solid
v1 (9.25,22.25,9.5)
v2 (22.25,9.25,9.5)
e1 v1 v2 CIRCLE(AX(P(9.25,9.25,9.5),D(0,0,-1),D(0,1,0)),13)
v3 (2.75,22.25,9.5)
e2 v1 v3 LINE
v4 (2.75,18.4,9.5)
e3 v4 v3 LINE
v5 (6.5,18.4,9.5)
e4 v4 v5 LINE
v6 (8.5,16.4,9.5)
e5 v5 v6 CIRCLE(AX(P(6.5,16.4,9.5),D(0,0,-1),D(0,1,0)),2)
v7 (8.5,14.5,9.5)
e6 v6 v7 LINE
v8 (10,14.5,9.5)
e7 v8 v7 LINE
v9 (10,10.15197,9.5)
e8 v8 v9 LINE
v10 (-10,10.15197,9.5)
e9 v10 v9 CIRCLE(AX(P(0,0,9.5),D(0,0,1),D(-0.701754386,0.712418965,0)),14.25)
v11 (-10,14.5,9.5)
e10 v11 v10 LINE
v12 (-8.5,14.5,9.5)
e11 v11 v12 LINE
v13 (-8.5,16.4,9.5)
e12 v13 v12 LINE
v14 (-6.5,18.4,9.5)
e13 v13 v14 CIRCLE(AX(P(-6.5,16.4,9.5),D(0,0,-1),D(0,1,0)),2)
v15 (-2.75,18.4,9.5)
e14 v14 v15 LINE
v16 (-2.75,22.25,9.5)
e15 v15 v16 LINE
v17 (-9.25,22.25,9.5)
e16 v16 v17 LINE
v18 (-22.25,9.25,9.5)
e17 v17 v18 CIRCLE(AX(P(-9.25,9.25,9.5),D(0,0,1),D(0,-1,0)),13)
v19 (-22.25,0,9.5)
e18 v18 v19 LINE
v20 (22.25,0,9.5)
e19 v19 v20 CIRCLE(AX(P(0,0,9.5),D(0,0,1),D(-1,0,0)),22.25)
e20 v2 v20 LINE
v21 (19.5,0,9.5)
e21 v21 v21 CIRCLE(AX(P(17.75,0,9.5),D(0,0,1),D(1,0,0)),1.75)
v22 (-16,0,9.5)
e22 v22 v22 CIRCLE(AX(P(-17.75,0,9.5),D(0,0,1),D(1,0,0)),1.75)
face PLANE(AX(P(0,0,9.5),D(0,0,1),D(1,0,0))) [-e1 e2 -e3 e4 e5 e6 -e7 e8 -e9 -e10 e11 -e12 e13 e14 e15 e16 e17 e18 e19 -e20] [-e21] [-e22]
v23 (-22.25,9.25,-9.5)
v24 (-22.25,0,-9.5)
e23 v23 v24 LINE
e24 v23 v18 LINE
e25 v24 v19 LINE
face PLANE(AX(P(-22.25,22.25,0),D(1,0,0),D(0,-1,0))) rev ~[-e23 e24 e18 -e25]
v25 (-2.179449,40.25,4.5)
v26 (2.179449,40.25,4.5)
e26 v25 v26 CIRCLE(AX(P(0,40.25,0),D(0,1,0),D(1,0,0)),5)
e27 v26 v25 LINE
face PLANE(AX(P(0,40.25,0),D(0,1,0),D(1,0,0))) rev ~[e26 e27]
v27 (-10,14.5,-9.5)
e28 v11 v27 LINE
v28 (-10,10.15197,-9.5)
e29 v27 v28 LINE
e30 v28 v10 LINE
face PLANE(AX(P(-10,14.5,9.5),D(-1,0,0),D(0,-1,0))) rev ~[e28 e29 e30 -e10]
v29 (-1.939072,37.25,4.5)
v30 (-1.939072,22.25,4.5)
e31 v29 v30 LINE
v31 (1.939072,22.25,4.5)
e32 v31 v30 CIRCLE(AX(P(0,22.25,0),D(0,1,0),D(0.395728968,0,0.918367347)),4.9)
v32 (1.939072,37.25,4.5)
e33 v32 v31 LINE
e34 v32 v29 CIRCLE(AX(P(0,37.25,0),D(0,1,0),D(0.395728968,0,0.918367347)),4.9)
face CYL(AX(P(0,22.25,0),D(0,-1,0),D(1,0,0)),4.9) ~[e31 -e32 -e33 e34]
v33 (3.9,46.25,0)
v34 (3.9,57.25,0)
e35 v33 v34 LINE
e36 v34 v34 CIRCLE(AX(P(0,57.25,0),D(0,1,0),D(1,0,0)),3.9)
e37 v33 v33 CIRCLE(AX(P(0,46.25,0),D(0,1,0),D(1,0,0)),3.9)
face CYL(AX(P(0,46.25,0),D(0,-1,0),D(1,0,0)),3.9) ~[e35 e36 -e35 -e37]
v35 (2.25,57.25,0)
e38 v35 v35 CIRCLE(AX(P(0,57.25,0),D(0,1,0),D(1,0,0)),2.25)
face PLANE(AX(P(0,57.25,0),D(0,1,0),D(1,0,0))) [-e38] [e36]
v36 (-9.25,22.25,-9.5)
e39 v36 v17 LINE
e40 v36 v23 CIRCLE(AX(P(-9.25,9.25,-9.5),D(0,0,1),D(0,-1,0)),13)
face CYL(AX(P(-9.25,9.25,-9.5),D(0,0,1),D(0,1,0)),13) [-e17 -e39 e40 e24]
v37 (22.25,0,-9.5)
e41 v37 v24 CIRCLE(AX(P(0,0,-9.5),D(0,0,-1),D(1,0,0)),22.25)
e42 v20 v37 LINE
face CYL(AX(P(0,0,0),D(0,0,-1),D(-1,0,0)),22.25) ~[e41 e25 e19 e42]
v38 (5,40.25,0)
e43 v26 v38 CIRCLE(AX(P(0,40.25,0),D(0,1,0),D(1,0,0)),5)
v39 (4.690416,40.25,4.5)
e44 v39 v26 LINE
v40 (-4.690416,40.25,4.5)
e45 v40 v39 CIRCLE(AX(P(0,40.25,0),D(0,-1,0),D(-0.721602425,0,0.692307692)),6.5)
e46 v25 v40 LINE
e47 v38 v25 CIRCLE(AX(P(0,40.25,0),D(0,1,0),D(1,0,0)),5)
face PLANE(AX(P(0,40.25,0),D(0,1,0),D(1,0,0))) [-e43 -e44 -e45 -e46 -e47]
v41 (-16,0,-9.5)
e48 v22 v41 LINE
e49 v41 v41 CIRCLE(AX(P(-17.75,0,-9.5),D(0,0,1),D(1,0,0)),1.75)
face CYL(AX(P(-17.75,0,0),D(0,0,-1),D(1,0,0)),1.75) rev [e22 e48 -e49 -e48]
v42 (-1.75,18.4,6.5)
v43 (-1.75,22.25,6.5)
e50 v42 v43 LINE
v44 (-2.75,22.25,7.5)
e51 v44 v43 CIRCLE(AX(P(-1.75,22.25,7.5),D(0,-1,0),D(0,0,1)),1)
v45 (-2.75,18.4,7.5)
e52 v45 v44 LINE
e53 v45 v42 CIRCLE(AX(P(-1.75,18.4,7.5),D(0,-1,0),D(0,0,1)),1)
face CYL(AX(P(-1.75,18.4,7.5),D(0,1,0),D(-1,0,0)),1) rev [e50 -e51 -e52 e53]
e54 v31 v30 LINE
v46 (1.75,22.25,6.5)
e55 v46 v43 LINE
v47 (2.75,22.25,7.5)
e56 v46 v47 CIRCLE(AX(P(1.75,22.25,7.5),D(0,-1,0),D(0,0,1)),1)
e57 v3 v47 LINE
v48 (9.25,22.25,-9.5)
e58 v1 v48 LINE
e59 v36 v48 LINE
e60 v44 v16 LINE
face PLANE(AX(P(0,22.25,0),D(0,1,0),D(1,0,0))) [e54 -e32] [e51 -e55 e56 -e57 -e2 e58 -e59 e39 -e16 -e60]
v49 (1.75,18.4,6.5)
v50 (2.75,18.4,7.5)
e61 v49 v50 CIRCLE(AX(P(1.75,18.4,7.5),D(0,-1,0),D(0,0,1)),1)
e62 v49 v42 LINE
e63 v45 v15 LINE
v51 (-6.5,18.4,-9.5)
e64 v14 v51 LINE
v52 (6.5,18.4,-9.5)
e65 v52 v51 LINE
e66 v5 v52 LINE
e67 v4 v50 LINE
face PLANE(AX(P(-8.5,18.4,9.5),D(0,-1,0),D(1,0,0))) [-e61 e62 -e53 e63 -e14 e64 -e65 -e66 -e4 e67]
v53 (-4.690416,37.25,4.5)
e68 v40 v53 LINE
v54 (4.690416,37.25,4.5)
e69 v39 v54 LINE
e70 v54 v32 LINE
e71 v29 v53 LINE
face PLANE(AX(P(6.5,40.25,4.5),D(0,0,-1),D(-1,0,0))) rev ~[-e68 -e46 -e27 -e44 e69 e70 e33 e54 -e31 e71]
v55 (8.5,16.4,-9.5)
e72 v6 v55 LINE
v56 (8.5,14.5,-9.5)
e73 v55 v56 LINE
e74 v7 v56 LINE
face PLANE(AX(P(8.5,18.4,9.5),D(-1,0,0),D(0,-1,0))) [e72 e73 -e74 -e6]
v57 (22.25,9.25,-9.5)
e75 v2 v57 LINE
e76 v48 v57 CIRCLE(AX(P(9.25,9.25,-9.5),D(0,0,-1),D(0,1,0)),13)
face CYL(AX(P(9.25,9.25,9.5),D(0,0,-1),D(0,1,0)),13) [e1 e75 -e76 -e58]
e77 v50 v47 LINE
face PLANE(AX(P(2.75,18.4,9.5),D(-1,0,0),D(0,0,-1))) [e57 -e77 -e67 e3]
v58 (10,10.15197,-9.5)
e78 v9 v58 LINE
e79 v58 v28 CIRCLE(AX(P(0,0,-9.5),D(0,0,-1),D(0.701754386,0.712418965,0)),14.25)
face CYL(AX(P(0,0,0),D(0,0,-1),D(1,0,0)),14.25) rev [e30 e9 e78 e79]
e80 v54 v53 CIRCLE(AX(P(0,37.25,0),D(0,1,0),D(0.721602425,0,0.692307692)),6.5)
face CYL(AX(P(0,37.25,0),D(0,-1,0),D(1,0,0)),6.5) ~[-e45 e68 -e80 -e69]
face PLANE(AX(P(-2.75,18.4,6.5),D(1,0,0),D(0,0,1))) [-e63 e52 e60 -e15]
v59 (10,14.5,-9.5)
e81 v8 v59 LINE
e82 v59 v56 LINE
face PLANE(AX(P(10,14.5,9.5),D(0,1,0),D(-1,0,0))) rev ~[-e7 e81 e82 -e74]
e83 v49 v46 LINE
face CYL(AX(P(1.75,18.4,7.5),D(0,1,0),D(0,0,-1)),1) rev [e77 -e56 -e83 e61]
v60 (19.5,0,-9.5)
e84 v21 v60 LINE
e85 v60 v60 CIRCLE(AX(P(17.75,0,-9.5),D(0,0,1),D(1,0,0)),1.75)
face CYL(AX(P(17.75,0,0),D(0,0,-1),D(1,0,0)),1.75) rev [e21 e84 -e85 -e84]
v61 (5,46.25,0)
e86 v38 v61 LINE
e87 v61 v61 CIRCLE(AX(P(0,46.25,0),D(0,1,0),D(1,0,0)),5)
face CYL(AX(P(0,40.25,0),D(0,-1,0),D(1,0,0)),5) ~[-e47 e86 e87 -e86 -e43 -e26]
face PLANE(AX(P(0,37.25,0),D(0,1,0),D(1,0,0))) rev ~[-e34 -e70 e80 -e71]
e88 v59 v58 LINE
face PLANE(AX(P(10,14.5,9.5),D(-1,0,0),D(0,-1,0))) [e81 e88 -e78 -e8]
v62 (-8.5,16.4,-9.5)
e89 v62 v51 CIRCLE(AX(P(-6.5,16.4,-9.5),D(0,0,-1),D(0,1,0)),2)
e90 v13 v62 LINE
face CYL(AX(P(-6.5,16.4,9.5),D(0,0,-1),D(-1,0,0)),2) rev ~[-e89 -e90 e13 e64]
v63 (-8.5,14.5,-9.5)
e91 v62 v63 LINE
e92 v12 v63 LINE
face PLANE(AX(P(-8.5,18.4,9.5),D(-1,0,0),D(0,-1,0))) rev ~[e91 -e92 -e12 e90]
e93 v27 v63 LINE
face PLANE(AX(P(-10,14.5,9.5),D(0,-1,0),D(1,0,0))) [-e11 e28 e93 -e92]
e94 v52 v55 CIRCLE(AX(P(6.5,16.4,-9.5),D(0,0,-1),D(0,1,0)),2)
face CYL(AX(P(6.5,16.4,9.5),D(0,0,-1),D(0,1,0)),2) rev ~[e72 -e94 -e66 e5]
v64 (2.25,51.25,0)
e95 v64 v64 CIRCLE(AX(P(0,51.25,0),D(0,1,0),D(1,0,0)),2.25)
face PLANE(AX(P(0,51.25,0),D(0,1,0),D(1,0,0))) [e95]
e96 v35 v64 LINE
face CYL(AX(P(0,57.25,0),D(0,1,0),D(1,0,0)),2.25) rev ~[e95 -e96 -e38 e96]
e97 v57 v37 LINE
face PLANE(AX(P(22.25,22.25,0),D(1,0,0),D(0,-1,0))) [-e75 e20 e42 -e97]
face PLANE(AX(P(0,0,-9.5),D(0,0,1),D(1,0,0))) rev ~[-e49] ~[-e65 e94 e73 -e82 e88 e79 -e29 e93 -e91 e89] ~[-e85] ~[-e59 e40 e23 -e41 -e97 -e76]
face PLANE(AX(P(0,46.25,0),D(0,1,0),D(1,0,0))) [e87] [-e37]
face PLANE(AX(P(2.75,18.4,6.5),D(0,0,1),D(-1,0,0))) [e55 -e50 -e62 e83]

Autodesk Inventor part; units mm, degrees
ref_plane "YZ Plane" through (0, 0, 0) normal (1, 0, 0) x (0, 1, 0)
ref_plane "XZ Plane" through (0, 0, 0) normal (0, 1, 0) x (-1, 0, 0)
ref_plane "XY Plane" through (0, 0, 0) normal (0, 0, 1) x (1, 0, 0)
sketch "Skizze1" plane through (0, 0, 0) normal (0, 0, 1) x (1, 0, 0)
  circle A0 centre (17.75, 0) radius 1.75
  circle A1 centre (-17.75, 0) radius 1.75
  circle A2 centre (0, 0) radius 14.25
  arc A3 (-22.25, 0) -> (22.25, 0) centre (0, 0) ccw
  line L0 (-22.25, 25.25) -> (22.25, 25.25)
  line L1 (22.25, 25.25) -> (22.25, 22.25)
  line L2 (22.25, 22.25) -> (-22.25, 22.25)
  line L3 (-22.25, 22.25) -> (-22.25, 25.25)
  line L4 (0, -31.75) -> (0, 34.75) projected
  line L5 (-22.25, 22.25) -> (-22.25, 0)
  line L6 (22.25, 22.25) -> (22.25, 0)
  dimension "d2" = 3.5
  dimension "d3" = 3.5
  dimension "d8" = 28.5
  dimension "d9" = 44.5
  dimension "d10" = 44.5
  dimension "d11" = 3
extrude "Extrusion2" add sketch "Skizze1" along normal mid plane 19 contours A2 L4 L2 L6 A3 | A2 L4 A3 L5 L2
sketch "Skizze2" plane through (0, 0, 9.5) normal (0, 0, 1) x (1, 0, 0)
  line L0 (-8.5, 18.4) -> (8.5, 18.4)
  line L1 (8.5, 18.4) -> (8.5, 11.4)
  line L2 (8.5, 11.4) -> (-8.5, 11.4)
  line L3 (0, -31.15) -> (0, 31.15) projected
  line L4 (-31.15, 0) -> (31.15, 0) projected
  line L5 (-10, 14.5) -> (-8.5, 14.5)
  line L6 (-10, 14.5) -> (-10, 10)
  line L7 (-10, 10) -> (-8.5, 10)
  line L8 (-8.5, 18.4) -> (-8.5, 11.4)
  line L9 (-8.5, 14.5) -> (-8.5, 10)
  line L10 (10, 14.5) -> (8.5, 14.5)
  line L11 (10, 14.5) -> (10, 10)
  line L12 (10, 10) -> (8.5, 10)
  line L13 (8.5, 14.5) -> (8.5, 10)
  point P0 (0, 0)
  point P1 (0, 11.4)
  point P2 (0, 18.4)
  dimension "d14" = 17
  dimension "d15" = 7
  dimension "d16" = 11.4
  dimension "d34" = 1.5
  dimension "d45" = 4.5
  dimension "d46" = 10
  dimension "d48" = 1.5
extrude "Extrusion3" cut sketch "Skizze2" against normal blind 19
sketch "Skizze3" plane through (-8.5, 18.4, 9.5) normal (0, -1, 0) x (1, 0, 0)
  line L0 (0, 0) -> (17, 0) projected
  line L1 (5.75, 0) -> (11.25, 0)
  line L2 (11.25, 0) -> (11.25, -3)
  line L3 (11.25, -3) -> (5.75, -3)
  line L4 (5.75, -3) -> (5.75, 0)
  line L5 (0, 0) -> (0, -19) projected
  point P0 (8.5, -9.5)
  dimension "d19" = 5.5
  dimension "d20" = 3
  dimension "d38" = 5.75
extrude "Extrusion4" cut sketch "Skizze3" against normal blind 4
fillet "Rundung1" radius 2 2 edges at (-8.5, 18.4, 0) (8.5, 18.4, 0)
sketch "Skizze4" plane through (-22.25, 22.25, -9.5) normal (0, 1, 0) x (1, 0, 0)
  line L0 (0, -19) -> (0, 0) projected
  line L1 (0, 0) -> (44.5, 0) projected
  line L2 (44.5, -19) -> (0, -19) projected
  line L3 (44.5, 0) -> (44.5, -19) projected
  circle A0 centre (22.25, -9.5) radius 4.9
  point P0 (25, -19)
  dimension "d39" = 9.8
fillet "Rundung2" radius 1 2 edges at (-2.75, 20.325, 6.5) (2.75, 20.325, 6.5)
extrude "Extrusion7" add sketch "Skizze4" along normal blind 15 contours A0
sketch "Skizze5" plane through (0, 37.25, 0) normal (0, 1, 0) x (1, 0, 0)
  circle A0 centre (0, 0) radius 6.5
  dimension "d51" = 13
extrude "Extrusion8" add sketch "Skizze5" along normal blind 3
sketch "Skizze6" plane through (0, 40.25, 0) normal (0, 1, 0) x (1, 0, 0)
  circle A0 centre (0, 0) radius 5
  dimension "d54" = 10
extrude "Extrusion9" add sketch "Skizze6" along normal blind 6
sketch "Skizze8" plane through (0, 40.25, 0) normal (0, 1, 0) x (1, 0, 0)
  line L0 (-6.5, 9.5) -> (-6.5, -9.5) projected
  line L1 (6.5, -9.5) -> (6.5, 9.5) projected
  line L2 (-6.5, 0) -> (6.5, 0)
  line L3 (6.5, 0) -> (6.5, -6.5)
  line L4 (6.5, -6.5) -> (-6.5, -6.5)
  line L5 (-6.5, -6.5) -> (-6.5, 0)
  line L6 (-6.5, -6.5) -> (6.5, -6.5)
  line L7 (6.5, -6.5) -> (6.5, -4.5)
  line L8 (6.5, -4.5) -> (-6.5, -4.5)
  line L9 (-6.5, -4.5) -> (-6.5, -6.5)
  point P0 (0, 0)
  point P1 (-6.5, -4.5)
  point P2 (-6.5, -6.5)
  dimension "d60" = 6.5
  dimension "d61" = 2
sketch "Skizze9" plane through (0, 46.25, 0) normal (0, 1, 0) x (1, 0, 0)
  circle A0 centre (0, 0) radius 3.9
  dimension "d62" = 7.8
extrude "Extrusion11" add sketch "Skizze9" along normal blind 11
sketch "Skizze10" plane through (0, 57.25, 0) normal (0, 1, 0) x (1, 0, 0)
  circle A0 centre (0, 0) radius 2.25
  dimension "d65" = 4.5
extrude "Extrusion12" cut sketch "Skizze10" against normal blind 6
extrude "Extrusion13" cut sketch "Skizze8" against normal blind 18 contours L8 L1 L4 L0
fillet "Rundung6" radius 13 2 edges at (-22.25, 22.25, 0) (22.25, 22.25, 0)
properties part number "_3D-Druck"
